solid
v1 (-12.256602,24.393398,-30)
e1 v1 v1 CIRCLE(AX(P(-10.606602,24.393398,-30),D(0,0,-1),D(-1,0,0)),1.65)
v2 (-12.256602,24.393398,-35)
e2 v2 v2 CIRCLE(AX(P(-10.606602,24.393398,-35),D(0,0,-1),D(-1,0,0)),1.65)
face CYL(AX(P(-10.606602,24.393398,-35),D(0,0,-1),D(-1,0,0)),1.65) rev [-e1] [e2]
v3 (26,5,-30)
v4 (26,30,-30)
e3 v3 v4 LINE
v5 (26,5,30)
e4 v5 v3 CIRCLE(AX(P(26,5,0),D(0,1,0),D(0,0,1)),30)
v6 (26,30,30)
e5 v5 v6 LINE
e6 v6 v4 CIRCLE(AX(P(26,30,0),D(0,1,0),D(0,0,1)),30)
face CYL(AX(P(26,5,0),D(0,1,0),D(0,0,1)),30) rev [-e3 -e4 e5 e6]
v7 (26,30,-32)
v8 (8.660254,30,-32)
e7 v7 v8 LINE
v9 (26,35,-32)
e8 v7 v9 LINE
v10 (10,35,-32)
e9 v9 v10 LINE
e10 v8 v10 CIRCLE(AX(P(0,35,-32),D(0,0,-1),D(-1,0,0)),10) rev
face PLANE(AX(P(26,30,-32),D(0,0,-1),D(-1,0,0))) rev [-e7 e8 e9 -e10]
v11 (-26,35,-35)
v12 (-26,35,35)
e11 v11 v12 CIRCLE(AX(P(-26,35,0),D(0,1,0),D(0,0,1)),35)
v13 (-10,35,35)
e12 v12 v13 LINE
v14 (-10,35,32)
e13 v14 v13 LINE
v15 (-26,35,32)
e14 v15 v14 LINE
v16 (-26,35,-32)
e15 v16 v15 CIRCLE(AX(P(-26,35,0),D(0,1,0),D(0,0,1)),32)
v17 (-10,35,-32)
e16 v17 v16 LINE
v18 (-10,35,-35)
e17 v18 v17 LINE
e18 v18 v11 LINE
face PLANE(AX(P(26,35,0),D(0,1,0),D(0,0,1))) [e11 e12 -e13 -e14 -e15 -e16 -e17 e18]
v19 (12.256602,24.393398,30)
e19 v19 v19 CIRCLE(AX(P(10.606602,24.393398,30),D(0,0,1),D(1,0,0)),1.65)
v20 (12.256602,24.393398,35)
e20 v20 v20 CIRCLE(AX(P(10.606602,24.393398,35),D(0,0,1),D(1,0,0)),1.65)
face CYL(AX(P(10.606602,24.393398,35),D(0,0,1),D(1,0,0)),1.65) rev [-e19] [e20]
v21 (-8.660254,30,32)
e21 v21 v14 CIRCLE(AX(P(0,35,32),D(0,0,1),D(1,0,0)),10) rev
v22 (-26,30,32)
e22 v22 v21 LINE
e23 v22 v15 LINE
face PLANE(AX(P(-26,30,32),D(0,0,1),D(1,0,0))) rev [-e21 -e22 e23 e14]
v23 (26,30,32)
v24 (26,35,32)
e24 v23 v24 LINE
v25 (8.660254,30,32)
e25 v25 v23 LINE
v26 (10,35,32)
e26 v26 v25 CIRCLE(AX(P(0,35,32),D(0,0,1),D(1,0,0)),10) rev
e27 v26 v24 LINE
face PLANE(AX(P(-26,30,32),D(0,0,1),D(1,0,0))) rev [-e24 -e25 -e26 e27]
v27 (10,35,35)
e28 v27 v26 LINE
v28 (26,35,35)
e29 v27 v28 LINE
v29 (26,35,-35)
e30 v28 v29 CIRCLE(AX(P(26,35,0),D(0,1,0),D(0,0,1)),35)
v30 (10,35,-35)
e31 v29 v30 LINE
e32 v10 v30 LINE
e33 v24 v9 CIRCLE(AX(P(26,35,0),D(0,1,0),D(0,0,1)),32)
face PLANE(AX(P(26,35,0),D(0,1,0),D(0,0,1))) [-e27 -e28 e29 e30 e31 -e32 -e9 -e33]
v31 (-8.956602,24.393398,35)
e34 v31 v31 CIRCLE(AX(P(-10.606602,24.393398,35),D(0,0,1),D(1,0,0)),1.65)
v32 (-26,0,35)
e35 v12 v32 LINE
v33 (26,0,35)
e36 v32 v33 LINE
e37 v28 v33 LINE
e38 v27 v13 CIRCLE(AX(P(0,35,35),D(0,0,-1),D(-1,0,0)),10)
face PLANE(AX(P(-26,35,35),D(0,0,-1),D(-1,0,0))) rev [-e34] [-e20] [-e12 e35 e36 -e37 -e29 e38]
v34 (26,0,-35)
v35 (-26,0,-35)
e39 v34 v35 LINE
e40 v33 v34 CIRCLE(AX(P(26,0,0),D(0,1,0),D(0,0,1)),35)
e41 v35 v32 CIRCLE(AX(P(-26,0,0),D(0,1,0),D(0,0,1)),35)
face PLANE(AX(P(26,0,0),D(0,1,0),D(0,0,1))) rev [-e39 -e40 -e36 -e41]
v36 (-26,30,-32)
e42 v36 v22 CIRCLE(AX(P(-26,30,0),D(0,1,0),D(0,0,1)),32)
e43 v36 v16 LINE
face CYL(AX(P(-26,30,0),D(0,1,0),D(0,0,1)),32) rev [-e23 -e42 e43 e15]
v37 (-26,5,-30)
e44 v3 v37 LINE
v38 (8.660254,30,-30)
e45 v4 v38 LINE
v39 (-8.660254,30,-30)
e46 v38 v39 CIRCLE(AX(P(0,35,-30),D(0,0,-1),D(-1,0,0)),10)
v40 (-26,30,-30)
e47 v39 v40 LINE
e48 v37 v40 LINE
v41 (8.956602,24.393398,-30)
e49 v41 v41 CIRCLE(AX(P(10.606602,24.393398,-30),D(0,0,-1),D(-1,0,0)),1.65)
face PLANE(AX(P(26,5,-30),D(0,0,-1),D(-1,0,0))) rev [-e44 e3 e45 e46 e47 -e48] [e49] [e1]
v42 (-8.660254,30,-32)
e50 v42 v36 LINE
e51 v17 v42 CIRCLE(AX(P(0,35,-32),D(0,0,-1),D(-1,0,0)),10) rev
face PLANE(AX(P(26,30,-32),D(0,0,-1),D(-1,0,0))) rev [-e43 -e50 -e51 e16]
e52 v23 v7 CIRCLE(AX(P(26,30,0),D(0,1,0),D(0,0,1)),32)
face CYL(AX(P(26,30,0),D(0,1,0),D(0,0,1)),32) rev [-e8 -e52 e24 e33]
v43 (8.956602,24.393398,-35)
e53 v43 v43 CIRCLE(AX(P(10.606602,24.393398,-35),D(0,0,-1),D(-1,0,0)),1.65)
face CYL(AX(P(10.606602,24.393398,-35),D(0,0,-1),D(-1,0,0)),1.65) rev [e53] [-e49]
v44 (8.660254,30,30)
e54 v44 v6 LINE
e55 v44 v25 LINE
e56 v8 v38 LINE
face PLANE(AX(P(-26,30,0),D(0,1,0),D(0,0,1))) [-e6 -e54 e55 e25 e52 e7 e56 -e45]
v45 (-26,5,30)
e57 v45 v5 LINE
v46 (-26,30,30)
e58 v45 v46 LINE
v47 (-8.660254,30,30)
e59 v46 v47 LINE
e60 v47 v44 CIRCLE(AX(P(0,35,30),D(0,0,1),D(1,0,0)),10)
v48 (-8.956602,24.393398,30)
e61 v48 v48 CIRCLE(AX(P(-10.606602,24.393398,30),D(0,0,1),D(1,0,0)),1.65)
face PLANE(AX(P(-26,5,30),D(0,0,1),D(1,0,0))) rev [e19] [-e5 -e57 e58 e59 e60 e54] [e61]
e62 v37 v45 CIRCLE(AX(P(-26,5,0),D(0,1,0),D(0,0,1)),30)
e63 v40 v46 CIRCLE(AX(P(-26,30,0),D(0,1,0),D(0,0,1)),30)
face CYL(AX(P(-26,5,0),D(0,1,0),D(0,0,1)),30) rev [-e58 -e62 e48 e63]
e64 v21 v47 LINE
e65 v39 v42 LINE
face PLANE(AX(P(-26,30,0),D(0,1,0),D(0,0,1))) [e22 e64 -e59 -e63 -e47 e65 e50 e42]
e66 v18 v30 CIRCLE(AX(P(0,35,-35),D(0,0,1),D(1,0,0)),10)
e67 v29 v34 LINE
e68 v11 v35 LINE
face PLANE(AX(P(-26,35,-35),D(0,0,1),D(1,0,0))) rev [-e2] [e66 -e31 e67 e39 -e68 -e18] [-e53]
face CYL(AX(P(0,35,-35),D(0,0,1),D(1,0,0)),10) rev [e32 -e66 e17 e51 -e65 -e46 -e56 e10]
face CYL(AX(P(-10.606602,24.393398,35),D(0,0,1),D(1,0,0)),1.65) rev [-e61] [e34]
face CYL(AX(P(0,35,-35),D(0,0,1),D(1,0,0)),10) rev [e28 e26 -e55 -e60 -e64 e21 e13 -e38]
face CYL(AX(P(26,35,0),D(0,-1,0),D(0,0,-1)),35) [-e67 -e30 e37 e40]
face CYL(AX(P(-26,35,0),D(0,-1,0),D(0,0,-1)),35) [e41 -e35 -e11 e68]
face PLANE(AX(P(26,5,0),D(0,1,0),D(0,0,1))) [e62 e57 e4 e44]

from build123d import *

# Parameters (mm, degrees)
EXTRUDE_1_DEPTH          = 35
CUT_EXTRUDE_1_DEPTH      = 30
SKETCH_3_R               = 10
CUT_EXTRUDE_2_DEPTH      = 1
CUT_EXTRUDE_2_DEPTH_BACK = 71
CUT_EXTRUDE_3_DEPTH      = 5
HOLE_WIZARD_M4_1_D       = 3.3
HOLE_WIZARD_M4_1_DEPTH   = 5
HOLE_WIZARD_M4_2_D       = 3.3
HOLE_WIZARD_M4_2_DEPTH   = 5


with BuildPart() as part:
    # 스케치1 → 보스-돌출1 (new body)
    with BuildSketch(Plane(origin=(0, 0, 0), x_dir=(1, 0, 0), z_dir=(0, 1, 0))):
        with BuildLine():
            Line((-26, 35), (26, 35))
            ThreePointArc((26, 35), (61, 0), (26, -35))
            Line((26, -35), (-26, -35))
            ThreePointArc((-26, -35), (-61, 0), (-26, 35))
        make_face()
    extrude(amount=EXTRUDE_1_DEPTH)

    # 스케치2 → 컷-돌출1 (cut)
    with BuildSketch(Plane(origin=(0, 35, 0), x_dir=(1, 0, 0), z_dir=(0, 1, 0))):
        with BuildLine():
            Line((26, 30), (-26, 30))
            ThreePointArc((-26, 30), (-56, 0), (-26, -30))
            Line((-26, -30), (26, -30))
            ThreePointArc((26, -30), (56, 0), (26, 30))
        make_face()
    extrude(amount=-CUT_EXTRUDE_1_DEPTH, mode=Mode.SUBTRACT)

    # 스케치3 → 컷-돌출2 (cut, two sides)
    with BuildSketch(Plane.XY.offset(35)) as cut_extrude_2_sk:
        with Locations((0, 35)):
            Circle(SKETCH_3_R)
    extrude(amount=CUT_EXTRUDE_2_DEPTH, mode=Mode.SUBTRACT)
    extrude(cut_extrude_2_sk.sketch, amount=-CUT_EXTRUDE_2_DEPTH_BACK, mode=Mode.SUBTRACT)

    # 스케치4 → 컷-돌출3 (cut)
    with BuildSketch(Plane(origin=(0, 35, 0), x_dir=(1, 0, 0), z_dir=(0, 1, 0))):
        with BuildLine():
            Line((-26, -32), (26, -32))
            ThreePointArc((26, -32), (58, 0), (26, 32))
            Line((26, 32), (-26, 32))
            ThreePointArc((-26, 32), (-58, 0), (-26, -32))
        make_face()
        with BuildLine():
            Line((-26, -30), (26, -30))
            ThreePointArc((26, -30), (56, 0), (26, 30))
            Line((26, 30), (-26, 30))
            ThreePointArc((-26, 30), (-56, 0), (-26, -30))
        make_face(mode=Mode.SUBTRACT)
    extrude(amount=-CUT_EXTRUDE_3_DEPTH, mode=Mode.SUBTRACT)

    # M4 나사 구멍1
    with Locations(Plane.XY.offset(35)):
        with Locations((-10.606601718, 24.393398282), (10.606601718, 24.393398282)):
            Hole(HOLE_WIZARD_M4_1_D / 2, depth=HOLE_WIZARD_M4_1_DEPTH)

    # M4 나사 구멍2
    with Locations(Plane(origin=(0, 0, -35), x_dir=(-1, 0, 0), z_dir=(0, 0, -1))):
        with Locations((-10.606601718, 24.393398282), (10.606601718, 24.393398282)):
            Hole(HOLE_WIZARD_M4_2_D / 2, depth=HOLE_WIZARD_M4_2_DEPTH)


solid = part.part
